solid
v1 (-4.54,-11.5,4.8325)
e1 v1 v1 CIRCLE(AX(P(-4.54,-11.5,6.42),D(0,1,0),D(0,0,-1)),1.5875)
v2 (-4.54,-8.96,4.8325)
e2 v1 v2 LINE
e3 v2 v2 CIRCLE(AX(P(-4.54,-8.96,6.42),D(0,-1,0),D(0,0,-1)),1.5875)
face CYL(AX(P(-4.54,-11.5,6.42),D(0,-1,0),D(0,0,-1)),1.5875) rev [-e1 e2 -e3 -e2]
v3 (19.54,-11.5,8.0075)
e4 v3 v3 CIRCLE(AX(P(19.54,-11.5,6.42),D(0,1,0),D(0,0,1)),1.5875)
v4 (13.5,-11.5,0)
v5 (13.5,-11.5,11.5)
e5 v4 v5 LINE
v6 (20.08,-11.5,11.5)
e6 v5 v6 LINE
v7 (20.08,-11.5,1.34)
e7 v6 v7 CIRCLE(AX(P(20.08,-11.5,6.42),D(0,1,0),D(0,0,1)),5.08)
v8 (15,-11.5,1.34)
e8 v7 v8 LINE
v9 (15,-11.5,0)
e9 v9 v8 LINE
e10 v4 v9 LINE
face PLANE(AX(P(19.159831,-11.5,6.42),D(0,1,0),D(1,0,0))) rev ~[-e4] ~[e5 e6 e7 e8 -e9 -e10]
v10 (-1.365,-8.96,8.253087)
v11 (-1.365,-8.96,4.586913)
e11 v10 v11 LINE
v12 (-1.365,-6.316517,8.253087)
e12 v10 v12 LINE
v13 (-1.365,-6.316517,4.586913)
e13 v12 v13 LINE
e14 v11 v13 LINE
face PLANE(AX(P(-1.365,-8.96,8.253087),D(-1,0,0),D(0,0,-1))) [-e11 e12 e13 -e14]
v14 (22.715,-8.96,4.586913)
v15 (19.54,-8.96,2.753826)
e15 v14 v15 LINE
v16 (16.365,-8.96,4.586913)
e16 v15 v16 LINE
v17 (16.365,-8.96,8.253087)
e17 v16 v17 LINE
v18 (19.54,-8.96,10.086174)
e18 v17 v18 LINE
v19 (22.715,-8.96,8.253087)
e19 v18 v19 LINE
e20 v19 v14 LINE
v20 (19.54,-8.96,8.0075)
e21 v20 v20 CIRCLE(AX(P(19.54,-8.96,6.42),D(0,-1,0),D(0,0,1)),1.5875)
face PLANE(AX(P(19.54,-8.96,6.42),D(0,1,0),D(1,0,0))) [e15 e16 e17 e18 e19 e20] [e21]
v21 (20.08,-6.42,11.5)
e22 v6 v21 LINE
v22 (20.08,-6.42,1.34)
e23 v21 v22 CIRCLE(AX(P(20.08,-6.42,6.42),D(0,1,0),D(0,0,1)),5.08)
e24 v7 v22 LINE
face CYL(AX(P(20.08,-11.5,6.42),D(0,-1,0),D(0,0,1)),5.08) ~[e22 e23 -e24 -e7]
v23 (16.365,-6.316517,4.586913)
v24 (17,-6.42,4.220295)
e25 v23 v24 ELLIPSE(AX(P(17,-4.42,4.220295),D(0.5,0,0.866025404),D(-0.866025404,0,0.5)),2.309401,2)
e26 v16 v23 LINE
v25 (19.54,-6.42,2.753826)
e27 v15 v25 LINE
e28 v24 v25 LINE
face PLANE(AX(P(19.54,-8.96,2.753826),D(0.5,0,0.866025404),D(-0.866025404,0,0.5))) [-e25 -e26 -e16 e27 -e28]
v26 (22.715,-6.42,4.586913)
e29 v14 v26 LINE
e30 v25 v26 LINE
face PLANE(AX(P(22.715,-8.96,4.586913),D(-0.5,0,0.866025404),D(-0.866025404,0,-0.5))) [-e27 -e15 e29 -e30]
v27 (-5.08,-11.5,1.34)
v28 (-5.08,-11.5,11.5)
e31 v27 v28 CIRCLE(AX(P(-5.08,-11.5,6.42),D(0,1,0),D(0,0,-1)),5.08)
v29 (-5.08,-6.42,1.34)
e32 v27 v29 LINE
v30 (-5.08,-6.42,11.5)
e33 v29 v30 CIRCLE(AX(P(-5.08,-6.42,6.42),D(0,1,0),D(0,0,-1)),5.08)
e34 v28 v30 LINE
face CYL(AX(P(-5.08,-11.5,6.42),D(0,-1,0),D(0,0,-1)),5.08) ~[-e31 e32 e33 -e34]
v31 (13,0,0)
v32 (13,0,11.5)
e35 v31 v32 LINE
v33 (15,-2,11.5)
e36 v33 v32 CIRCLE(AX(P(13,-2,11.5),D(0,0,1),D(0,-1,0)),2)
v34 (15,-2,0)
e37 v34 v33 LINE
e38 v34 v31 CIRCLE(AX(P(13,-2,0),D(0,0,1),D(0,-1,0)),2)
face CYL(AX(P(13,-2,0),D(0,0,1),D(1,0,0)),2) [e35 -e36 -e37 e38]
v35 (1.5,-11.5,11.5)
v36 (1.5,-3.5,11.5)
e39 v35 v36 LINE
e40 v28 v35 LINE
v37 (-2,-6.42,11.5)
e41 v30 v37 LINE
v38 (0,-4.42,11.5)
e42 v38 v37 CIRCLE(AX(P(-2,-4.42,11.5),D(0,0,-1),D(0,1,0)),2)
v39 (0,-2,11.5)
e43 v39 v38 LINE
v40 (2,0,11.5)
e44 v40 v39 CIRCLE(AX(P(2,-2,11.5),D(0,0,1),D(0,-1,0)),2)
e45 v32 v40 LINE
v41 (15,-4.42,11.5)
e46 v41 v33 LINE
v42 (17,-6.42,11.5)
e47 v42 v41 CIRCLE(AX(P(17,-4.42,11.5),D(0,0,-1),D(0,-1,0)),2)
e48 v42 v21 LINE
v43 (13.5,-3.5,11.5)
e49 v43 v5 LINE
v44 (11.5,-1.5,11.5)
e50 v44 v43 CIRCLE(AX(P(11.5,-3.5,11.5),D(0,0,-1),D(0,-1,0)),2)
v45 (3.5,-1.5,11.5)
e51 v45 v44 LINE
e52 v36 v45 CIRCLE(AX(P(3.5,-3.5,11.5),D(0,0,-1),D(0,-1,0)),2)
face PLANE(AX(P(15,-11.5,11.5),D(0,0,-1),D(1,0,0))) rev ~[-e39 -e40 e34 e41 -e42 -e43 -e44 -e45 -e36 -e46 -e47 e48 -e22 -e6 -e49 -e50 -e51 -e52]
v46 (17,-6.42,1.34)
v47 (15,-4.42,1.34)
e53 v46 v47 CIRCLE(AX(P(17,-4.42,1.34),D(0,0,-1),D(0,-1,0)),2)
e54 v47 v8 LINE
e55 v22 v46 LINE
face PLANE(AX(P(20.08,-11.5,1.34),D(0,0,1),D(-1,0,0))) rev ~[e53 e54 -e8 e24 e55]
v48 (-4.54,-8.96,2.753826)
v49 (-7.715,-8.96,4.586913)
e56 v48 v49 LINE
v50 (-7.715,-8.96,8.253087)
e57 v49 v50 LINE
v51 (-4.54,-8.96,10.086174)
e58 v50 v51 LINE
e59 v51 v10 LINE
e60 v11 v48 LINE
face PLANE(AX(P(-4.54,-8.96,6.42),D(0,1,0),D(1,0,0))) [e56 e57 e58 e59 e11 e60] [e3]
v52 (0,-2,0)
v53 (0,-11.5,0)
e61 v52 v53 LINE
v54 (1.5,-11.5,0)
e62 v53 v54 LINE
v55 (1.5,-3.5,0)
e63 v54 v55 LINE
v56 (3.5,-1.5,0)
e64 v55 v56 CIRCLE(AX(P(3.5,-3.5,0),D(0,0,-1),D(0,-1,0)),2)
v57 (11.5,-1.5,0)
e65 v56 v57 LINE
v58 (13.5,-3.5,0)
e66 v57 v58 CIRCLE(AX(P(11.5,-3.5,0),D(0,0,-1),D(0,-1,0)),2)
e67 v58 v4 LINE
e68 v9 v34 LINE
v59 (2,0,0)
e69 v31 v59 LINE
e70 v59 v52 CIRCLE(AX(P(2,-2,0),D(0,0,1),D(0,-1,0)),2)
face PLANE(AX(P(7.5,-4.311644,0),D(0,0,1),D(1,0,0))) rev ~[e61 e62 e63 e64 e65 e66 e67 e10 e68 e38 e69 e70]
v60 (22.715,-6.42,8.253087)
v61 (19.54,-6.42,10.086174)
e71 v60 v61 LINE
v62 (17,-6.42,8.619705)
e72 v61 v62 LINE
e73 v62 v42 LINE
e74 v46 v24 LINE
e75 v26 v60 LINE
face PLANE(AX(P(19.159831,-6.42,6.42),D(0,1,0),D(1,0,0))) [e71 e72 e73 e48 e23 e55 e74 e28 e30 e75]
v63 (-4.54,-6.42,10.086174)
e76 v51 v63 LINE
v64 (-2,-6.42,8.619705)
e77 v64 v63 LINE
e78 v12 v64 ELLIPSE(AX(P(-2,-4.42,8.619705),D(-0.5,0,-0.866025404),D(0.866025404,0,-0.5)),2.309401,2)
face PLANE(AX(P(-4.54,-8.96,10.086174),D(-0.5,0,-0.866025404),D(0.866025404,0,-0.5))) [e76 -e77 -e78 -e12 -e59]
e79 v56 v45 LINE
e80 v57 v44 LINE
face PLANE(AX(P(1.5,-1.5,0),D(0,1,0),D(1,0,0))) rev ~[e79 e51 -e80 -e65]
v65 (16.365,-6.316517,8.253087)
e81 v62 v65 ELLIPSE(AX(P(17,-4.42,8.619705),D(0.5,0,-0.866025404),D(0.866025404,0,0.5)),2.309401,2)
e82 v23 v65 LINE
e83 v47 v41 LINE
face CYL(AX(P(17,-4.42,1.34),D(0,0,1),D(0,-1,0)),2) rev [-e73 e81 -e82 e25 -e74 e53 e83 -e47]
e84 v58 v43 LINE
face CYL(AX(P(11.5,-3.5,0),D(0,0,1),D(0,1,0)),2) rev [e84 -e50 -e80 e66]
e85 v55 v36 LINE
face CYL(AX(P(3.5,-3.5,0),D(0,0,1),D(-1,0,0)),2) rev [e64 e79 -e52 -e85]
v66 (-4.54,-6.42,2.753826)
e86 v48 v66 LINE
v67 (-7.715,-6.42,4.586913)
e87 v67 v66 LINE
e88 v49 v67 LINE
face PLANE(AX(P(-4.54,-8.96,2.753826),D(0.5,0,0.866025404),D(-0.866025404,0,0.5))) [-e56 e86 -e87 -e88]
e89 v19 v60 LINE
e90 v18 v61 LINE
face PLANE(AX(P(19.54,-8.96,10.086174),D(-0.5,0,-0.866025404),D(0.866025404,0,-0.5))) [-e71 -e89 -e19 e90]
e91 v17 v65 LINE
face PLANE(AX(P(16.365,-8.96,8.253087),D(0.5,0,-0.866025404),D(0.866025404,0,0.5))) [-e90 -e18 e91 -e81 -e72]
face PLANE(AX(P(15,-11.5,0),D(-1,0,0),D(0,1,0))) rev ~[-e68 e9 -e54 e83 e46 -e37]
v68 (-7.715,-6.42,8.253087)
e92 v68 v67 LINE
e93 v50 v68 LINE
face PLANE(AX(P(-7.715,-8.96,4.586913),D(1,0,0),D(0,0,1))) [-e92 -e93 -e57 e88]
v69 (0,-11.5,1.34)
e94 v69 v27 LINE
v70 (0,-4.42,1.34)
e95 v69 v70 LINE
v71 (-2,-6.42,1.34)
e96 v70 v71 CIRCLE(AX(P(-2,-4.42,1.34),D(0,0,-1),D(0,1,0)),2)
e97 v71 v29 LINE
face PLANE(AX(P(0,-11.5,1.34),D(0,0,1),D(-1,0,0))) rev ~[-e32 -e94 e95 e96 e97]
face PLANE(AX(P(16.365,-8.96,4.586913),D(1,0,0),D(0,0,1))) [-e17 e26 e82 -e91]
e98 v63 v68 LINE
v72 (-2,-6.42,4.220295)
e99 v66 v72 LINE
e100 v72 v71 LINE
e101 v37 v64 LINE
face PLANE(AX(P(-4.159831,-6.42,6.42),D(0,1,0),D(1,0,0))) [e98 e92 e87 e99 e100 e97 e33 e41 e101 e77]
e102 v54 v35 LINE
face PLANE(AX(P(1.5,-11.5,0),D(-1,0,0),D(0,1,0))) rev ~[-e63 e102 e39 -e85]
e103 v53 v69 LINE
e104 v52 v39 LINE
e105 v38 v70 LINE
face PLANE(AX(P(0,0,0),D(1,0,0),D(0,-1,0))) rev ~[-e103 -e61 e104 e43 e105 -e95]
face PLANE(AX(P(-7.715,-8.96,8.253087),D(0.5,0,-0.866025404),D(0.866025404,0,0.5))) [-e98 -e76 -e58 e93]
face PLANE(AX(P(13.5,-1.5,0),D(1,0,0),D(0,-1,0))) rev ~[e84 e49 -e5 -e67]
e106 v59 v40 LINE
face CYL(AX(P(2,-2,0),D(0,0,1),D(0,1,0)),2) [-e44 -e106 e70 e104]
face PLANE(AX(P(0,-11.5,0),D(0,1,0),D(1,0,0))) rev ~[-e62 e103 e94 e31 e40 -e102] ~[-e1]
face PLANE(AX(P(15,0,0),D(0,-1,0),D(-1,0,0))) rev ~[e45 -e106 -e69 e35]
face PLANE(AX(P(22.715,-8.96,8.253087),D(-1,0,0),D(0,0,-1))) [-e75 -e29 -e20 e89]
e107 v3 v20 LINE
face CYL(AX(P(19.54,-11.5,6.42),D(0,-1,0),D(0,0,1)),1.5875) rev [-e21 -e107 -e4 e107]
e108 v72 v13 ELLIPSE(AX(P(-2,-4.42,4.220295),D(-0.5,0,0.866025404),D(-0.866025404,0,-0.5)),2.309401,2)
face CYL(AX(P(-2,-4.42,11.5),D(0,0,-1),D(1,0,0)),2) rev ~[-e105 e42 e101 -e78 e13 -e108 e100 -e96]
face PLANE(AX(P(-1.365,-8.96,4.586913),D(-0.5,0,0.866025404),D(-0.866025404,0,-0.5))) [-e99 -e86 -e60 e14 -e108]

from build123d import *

# Parameters (mm, degrees)
BOSS_EXTRUDE1_DEPTH     = 11.5
FILLET1_R               = 2
BOSS_EXTRUDE2_DEPTH     = 5.08
FILLET2_R               = 2
FILLET3_R               = 2
SKETCH3_R               = 1.5875
CUT_EXTRUDE1_DEPTH      = 30.958731615
CUT_EXTRUDE3_DEPTH      = 2
CUT_EXTRUDE3_DEPTH_BACK = 2.54
CUT_EXTRUDE3_START      = 5.08


with BuildPart() as part:
    # Sketch1 → Boss-Extrude1 (new body)
    with BuildSketch(Plane.XY):
        Polygon((1.5, -11.5), (1.5, -1.5), (13.5, -1.5), (13.5, -11.5), (15, -11.5), (15, 0), (0, 0), (0, -11.5), align=None)
    extrude(amount=BOSS_EXTRUDE1_DEPTH)

    # Fillet1
    fillet1_edges = [part.edges().sort_by_distance(p)[0] for p in [
        (13.5, -1.5, 5.75),
        (1.5, -1.5, 5.75),
    ]]
    fillet(fillet1_edges, radius=FILLET1_R)

    # Sketch2 → Boss-Extrude2 (add)
    with BuildSketch(Plane(origin=(0, -11.5, 0), x_dir=(1, 0, 0), z_dir=(0, 1, 0))):
        with BuildLine():
            Line((15, -1.34), (15, -11.5))
            Line((15, -11.5), (20.08, -11.5))
            ThreePointArc((20.08, -11.5), (25.16, -6.42), (20.08, -1.34))
            Line((20.08, -1.34), (15, -1.34))
        make_face()
        with BuildLine():
            Line((0, -1.34), (-5.08, -1.34))
            ThreePointArc((-5.08, -1.34), (-10.16, -6.42), (-5.08, -11.5))
            Line((-5.08, -11.5), (0, -11.5))
            Line((0, -11.5), (0, -1.34))
        make_face()
    extrude(amount=BOSS_EXTRUDE2_DEPTH)

    # Fillet2
    fillet2_edges = [part.edges().sort_by_distance(p)[0] for p in [
        (15, -6.42, 6.42),
        (0, -6.42, 6.42),
    ]]
    fillet(fillet2_edges, radius=FILLET2_R)

    # Fillet3
    fillet3_edges = [part.edges().sort_by_distance(p)[0] for p in [
        (15, 0, 5.75),
        (0, 0, 5.75),
    ]]
    fillet(fillet3_edges, radius=FILLET3_R)

    # Sketch3 → Cut-Extrude1 (cut, through all)
    with BuildSketch(Plane(origin=(0, -11.5, 0), x_dir=(1, 0, 0), z_dir=(0, 1, 0))):
        with Locations(Location((19.54, -6.42, 0), (0, 0, 270))):
            Circle(SKETCH3_R)
        with Locations(Location((-4.54, -6.42, 0), (0, 0, 90))):
            Circle(SKETCH3_R)
    extrude(amount=CUT_EXTRUDE1_DEPTH, mode=Mode.SUBTRACT)

    # Sketch6 → Cut-Extrude3 (cut, two sides: drawn at the far end of the back side and taken through both)
    with BuildSketch(Plane(origin=(0, -11.5, 0), x_dir=(1, 0, 0), z_dir=(0, 1, 0)).offset(CUT_EXTRUDE3_START - CUT_EXTRUDE3_DEPTH_BACK)):
        Polygon((-1.365, -4.586912895), (-4.54, -2.753825791), (-7.715, -4.586912895), (-7.715, -8.253087105), (-4.54, -10.086174209), (-1.365, -8.253087105), align=None)
        Polygon((22.715, -8.253087105), (22.715, -4.586912895), (19.54, -2.753825791), (16.365, -4.586912895), (16.365, -8.253087105), (19.54, -10.086174209), align=None)
    extrude(amount=CUT_EXTRUDE3_DEPTH + CUT_EXTRUDE3_DEPTH_BACK, mode=Mode.SUBTRACT)


solid = part.part
